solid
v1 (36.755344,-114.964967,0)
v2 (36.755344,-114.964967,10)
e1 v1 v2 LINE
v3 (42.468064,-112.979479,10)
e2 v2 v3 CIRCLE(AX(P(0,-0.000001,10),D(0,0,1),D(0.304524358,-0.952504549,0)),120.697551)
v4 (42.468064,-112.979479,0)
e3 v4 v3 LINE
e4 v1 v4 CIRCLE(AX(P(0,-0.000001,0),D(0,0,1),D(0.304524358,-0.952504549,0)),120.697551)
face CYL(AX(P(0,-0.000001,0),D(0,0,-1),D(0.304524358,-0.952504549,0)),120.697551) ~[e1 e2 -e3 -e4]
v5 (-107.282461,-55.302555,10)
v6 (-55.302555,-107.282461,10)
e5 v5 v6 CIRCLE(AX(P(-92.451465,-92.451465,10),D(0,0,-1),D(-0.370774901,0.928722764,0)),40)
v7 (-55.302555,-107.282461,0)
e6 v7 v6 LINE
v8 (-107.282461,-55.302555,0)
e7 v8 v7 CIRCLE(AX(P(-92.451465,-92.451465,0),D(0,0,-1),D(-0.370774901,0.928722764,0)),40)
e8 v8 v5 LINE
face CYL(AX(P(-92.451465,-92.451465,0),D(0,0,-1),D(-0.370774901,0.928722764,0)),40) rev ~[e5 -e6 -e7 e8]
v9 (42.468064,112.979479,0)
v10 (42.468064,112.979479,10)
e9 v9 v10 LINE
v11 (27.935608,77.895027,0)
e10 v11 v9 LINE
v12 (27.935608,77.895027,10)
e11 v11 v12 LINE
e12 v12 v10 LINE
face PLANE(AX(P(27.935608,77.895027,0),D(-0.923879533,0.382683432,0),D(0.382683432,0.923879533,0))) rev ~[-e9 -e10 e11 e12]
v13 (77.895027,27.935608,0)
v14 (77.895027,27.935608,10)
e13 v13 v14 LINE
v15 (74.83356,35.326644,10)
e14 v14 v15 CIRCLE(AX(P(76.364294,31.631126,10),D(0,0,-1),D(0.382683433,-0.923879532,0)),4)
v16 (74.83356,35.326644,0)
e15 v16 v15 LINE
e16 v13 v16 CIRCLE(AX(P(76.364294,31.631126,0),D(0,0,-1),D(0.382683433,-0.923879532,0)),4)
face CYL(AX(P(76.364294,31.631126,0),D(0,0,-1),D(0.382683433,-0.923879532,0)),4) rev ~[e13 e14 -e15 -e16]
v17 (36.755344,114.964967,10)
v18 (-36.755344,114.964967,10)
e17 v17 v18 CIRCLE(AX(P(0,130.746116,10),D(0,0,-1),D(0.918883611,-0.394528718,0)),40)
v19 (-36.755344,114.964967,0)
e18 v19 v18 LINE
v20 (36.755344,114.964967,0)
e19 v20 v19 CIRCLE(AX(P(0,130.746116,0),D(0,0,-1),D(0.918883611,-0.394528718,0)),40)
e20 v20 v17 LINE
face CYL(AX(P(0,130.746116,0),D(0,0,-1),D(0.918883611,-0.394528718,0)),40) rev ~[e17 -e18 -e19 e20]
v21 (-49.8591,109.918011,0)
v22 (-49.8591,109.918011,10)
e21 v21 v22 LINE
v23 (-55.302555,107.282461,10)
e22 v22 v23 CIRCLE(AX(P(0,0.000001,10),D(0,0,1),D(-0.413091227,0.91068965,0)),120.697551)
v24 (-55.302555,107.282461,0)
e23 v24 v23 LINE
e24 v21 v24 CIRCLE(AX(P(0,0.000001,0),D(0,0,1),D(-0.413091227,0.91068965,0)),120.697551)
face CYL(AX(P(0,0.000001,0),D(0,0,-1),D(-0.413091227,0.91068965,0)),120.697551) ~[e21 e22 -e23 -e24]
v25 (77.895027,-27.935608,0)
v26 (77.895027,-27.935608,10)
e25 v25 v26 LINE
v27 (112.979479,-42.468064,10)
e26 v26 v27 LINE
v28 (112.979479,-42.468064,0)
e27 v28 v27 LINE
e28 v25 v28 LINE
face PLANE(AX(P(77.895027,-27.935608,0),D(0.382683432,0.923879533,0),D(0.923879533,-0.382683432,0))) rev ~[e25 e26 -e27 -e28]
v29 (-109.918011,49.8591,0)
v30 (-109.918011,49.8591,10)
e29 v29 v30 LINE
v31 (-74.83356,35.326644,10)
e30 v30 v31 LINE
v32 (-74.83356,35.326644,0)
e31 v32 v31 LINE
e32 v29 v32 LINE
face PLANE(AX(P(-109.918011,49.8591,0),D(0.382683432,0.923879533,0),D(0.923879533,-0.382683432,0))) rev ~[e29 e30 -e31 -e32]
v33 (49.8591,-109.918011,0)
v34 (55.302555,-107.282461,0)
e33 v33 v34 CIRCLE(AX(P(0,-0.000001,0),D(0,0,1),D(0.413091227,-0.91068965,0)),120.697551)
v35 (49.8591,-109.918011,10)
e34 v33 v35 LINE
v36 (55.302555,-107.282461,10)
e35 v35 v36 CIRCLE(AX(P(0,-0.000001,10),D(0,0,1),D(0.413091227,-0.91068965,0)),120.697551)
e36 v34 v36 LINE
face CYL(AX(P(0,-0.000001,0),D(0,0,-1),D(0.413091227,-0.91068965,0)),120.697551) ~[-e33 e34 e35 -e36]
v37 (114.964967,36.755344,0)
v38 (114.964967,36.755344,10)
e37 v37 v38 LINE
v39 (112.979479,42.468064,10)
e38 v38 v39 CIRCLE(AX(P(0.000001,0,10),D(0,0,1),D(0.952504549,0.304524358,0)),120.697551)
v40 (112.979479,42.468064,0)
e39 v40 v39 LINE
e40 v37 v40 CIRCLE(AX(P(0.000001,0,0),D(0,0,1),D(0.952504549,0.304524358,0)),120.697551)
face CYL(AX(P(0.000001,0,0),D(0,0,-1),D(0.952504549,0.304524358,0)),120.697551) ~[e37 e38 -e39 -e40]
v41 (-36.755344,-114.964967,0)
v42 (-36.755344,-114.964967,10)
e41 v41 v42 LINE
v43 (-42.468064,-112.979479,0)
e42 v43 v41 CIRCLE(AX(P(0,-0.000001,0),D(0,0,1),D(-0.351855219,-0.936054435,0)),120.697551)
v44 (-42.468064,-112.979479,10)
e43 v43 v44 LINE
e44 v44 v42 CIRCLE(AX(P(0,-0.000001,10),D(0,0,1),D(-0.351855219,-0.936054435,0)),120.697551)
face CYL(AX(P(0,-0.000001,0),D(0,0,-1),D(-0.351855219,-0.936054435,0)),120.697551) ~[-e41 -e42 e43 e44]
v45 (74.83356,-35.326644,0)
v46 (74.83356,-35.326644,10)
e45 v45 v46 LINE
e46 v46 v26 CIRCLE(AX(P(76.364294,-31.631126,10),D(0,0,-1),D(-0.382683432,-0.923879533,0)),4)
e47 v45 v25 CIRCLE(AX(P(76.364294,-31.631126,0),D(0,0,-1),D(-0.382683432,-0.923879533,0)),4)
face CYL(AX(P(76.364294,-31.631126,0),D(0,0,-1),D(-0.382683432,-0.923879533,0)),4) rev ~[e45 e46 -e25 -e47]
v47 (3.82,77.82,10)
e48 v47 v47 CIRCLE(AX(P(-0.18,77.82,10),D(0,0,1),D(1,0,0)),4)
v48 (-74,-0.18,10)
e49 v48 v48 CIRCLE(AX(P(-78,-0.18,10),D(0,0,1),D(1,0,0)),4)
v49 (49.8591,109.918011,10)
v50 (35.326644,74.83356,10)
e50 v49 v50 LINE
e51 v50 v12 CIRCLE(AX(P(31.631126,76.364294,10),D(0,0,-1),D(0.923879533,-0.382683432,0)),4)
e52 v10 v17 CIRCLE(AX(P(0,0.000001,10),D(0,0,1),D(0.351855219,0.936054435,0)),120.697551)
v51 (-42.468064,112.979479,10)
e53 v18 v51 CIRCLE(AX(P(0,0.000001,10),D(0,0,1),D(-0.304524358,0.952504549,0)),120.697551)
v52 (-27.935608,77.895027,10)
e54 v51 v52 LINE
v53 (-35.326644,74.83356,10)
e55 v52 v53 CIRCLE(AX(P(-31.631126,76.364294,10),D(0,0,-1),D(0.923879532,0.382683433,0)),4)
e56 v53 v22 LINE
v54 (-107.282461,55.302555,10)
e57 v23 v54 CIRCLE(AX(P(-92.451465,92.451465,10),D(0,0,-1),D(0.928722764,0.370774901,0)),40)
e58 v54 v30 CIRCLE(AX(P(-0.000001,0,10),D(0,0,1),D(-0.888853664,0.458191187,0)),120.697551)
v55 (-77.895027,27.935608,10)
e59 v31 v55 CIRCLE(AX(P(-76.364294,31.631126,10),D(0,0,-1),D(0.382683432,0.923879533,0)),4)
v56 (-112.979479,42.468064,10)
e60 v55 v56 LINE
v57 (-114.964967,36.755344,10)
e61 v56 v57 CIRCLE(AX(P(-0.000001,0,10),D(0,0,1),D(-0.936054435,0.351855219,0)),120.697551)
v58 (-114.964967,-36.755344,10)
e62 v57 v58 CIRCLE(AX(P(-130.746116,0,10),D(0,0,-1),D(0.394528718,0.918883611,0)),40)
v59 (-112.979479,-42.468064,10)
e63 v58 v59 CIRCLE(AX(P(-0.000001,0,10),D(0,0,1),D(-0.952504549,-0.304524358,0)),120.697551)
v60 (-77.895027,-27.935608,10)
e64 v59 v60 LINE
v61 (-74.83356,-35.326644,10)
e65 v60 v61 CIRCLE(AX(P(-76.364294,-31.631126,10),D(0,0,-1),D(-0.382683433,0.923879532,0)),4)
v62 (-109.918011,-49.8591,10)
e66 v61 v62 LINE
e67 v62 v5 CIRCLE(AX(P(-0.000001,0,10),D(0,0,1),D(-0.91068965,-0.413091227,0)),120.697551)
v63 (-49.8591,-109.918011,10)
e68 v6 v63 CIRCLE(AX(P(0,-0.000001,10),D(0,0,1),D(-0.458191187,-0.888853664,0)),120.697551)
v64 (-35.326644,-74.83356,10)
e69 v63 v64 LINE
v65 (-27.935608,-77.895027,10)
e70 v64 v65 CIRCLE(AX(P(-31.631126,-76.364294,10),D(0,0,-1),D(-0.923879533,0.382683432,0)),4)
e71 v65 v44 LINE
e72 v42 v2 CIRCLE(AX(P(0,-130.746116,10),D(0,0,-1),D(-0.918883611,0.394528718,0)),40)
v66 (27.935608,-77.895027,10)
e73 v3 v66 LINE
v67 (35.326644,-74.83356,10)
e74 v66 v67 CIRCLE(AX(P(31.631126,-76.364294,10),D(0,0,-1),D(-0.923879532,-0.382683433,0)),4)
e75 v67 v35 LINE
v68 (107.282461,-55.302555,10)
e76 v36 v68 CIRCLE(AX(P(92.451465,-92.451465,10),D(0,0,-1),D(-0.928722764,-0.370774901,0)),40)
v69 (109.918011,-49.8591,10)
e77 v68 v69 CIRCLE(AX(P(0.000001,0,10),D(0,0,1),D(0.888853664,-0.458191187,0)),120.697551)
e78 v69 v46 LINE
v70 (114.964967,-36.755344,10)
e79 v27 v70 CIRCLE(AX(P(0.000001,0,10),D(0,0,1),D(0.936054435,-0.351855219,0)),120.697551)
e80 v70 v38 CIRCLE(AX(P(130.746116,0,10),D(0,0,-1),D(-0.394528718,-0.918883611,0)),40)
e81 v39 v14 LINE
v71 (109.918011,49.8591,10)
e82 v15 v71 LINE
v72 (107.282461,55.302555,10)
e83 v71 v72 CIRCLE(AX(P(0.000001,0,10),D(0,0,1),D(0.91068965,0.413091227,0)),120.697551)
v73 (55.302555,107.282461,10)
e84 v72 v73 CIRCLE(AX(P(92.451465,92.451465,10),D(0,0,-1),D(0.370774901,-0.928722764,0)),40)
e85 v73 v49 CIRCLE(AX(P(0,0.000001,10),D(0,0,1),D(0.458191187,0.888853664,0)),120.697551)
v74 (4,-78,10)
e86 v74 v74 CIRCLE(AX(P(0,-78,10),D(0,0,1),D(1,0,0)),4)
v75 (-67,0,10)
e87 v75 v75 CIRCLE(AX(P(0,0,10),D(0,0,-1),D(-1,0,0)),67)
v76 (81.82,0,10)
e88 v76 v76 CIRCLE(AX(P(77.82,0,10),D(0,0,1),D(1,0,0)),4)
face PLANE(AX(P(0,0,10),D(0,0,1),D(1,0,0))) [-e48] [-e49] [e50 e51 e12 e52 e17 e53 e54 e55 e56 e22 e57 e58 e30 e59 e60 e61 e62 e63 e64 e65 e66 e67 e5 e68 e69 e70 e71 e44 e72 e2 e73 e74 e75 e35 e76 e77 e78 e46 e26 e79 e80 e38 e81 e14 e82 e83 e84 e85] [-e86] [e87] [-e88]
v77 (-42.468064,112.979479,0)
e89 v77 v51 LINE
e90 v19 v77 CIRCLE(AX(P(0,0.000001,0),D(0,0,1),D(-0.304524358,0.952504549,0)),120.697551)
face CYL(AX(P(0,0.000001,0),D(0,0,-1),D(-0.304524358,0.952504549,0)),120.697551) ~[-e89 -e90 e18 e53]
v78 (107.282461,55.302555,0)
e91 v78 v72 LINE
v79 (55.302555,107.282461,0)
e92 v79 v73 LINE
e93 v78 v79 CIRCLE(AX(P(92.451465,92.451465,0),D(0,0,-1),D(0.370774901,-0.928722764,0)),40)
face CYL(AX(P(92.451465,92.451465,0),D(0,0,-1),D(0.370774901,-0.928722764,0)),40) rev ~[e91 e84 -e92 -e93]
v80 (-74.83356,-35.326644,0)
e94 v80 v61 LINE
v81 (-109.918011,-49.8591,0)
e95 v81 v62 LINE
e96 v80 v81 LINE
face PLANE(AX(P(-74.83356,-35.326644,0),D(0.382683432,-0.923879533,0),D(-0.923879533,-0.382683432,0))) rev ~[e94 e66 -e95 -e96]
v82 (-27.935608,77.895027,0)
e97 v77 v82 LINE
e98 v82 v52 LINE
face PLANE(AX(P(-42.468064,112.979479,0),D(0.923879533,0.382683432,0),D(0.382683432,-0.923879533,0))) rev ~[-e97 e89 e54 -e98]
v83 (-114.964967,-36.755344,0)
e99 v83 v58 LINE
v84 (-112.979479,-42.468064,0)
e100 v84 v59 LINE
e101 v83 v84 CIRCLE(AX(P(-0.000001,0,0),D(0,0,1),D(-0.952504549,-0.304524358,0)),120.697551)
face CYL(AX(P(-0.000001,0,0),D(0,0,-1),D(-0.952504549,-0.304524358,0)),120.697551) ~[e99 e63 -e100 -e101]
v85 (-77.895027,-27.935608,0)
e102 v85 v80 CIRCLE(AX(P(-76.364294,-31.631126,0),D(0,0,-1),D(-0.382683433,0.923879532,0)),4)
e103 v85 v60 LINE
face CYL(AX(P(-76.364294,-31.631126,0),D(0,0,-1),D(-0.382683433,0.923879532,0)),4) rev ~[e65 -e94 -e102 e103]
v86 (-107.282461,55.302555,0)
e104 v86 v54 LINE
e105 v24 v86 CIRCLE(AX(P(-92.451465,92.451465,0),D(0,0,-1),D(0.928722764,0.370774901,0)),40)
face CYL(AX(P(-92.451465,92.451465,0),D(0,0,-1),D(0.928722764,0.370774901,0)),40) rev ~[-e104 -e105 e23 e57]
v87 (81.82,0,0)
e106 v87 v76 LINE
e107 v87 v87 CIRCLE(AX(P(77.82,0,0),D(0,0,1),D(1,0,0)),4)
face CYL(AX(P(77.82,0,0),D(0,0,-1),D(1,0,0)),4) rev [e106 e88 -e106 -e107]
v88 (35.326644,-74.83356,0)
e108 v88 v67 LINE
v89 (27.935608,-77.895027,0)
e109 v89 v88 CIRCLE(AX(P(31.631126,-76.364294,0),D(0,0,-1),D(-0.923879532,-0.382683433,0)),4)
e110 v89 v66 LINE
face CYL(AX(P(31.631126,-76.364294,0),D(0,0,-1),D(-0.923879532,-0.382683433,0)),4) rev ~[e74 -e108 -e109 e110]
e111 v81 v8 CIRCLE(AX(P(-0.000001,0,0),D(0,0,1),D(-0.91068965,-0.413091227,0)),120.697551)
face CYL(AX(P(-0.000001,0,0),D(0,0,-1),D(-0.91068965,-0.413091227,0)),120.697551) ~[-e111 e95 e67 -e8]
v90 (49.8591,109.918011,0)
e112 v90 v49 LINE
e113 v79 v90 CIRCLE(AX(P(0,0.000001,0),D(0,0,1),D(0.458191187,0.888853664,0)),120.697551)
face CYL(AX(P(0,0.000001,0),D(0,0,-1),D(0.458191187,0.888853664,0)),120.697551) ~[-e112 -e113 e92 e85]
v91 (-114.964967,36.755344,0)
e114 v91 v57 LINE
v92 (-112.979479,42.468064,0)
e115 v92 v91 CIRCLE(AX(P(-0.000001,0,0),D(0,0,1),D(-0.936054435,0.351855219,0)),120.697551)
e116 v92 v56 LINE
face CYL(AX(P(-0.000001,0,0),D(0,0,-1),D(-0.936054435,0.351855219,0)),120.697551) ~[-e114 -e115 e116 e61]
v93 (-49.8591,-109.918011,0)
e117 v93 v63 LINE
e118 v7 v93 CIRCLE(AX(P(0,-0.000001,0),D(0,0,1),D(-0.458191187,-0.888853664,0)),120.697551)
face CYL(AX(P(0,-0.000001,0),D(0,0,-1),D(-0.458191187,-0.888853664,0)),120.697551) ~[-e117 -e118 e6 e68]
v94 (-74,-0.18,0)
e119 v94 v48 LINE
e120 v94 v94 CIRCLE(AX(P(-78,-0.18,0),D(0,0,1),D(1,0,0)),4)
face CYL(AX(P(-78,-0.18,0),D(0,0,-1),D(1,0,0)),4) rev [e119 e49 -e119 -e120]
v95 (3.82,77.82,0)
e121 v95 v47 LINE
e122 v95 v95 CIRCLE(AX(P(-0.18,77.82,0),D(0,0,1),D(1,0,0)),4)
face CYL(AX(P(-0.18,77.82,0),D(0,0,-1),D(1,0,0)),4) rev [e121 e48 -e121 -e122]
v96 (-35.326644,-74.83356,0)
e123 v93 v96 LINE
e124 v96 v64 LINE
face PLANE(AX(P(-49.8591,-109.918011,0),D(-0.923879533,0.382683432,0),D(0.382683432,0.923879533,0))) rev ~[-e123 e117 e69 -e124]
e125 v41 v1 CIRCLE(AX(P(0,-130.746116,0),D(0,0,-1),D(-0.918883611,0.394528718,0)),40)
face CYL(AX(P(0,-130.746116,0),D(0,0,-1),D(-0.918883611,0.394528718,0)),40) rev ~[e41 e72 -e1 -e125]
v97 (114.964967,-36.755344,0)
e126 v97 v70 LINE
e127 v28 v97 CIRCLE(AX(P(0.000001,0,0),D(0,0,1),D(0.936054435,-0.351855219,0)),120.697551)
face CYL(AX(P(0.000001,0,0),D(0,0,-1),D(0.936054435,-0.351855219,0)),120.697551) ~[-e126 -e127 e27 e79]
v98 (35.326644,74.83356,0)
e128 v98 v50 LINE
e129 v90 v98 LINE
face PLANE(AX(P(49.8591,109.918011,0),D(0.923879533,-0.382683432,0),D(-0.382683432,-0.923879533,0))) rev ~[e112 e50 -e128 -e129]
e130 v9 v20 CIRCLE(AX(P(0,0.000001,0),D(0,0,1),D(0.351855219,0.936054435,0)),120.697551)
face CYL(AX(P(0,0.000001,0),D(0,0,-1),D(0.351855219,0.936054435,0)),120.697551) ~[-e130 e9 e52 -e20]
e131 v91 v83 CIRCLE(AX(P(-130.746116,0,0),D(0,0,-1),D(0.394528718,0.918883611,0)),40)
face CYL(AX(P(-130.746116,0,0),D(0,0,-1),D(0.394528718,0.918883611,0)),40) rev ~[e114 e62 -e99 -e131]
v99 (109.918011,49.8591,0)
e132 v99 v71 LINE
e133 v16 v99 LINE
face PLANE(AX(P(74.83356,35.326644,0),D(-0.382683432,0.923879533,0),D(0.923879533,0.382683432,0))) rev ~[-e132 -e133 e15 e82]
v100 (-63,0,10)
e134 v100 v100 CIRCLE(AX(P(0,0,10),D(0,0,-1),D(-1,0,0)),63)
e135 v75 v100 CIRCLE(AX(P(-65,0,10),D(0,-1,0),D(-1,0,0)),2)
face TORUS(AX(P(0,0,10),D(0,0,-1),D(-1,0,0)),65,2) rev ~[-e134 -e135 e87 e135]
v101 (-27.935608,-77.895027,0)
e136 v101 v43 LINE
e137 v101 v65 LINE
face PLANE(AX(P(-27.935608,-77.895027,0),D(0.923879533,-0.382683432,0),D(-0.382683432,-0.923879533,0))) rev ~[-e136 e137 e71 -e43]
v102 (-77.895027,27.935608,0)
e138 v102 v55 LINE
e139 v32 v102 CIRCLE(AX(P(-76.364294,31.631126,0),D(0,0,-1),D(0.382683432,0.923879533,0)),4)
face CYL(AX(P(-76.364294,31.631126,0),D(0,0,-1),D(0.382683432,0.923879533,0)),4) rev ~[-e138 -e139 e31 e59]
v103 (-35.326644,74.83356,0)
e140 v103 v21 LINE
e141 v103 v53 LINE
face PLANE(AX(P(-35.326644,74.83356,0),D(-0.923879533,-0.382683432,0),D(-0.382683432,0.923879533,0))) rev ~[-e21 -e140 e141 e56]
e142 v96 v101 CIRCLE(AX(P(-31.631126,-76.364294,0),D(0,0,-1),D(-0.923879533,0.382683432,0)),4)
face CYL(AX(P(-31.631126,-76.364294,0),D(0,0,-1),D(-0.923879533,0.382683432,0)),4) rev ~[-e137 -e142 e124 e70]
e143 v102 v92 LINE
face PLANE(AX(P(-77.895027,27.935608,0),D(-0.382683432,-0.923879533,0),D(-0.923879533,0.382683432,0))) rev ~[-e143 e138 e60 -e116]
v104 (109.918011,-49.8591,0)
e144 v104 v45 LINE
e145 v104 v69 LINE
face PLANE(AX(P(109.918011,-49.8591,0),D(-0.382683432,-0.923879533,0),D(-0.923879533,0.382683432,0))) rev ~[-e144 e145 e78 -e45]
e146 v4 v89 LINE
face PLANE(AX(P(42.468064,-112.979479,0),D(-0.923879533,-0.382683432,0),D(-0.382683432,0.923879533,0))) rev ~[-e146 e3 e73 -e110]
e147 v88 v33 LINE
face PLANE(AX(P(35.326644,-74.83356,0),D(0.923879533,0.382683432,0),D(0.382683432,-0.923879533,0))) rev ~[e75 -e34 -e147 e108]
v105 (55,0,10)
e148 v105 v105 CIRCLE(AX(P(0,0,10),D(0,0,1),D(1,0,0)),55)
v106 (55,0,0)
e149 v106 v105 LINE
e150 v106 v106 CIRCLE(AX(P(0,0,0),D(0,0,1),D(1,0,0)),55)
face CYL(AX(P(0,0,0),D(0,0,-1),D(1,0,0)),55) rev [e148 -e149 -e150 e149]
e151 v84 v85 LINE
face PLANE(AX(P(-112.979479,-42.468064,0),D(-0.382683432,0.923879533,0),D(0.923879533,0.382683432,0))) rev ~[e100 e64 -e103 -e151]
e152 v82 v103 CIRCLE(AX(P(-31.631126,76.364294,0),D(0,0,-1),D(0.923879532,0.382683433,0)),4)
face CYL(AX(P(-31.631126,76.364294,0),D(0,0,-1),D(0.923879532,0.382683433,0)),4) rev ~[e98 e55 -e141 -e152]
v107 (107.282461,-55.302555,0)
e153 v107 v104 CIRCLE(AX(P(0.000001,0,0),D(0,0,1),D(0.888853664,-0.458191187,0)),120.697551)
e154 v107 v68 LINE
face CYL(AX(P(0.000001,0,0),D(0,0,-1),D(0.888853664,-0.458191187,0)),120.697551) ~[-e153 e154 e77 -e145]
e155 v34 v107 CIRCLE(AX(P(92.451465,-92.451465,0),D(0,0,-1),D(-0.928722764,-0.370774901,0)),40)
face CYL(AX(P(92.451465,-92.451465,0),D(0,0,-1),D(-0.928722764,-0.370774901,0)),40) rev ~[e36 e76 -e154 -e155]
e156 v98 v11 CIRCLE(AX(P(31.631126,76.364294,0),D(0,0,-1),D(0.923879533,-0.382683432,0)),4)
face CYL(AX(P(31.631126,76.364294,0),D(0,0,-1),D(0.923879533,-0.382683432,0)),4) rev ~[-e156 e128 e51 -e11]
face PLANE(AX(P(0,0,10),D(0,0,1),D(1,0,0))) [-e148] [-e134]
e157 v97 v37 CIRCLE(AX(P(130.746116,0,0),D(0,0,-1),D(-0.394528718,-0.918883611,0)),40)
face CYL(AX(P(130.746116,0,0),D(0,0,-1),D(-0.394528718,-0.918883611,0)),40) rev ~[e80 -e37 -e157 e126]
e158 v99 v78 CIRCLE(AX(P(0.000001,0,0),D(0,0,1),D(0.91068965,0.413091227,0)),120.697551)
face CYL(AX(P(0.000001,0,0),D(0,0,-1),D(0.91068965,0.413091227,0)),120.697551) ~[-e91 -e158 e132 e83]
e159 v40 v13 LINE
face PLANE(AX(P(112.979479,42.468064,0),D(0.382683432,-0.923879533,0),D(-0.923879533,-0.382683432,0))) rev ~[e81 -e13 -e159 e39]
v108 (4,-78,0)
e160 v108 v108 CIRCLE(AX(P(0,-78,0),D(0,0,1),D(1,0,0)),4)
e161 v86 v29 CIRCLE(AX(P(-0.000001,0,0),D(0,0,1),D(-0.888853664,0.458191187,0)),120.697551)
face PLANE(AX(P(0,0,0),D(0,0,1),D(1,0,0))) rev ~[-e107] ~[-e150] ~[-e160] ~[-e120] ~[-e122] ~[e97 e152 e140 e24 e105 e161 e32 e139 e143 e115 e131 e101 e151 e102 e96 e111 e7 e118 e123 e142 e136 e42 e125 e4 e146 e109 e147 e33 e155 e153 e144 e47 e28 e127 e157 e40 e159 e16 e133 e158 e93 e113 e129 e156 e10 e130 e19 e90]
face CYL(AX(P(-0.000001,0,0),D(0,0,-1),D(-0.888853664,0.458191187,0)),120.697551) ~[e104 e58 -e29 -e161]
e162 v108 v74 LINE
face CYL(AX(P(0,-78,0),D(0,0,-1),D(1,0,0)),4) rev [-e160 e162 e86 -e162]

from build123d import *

# Parameters (mm, degrees)
SKETCH1_R            = 55
SKETCH1_R_2          = 4
BOSS_EXTRUDE1_DEPTH  = 10
CUT_SWEEP1_PROFILE_R = 2


with BuildPart() as part:
    # Sketch1 → Boss-Extrude1 (new body)
    with BuildSketch(Plane.XY):
        with BuildLine():
            ThreePointArc((-42.468063511, -112.979478614), (-39.624142049, -114.008010127), (-36.755344443, -114.964967103))
            ThreePointArc((-36.755344443, -114.964967103), (0, -90.746115822), (36.755344443, -114.964967103))
            ThreePointArc((36.755344443, -114.964967103), (39.624142049, -114.008010127), (42.468063511, -112.979478614))
            Line((42.468063511, -112.979478614), (27.935607979, -77.895027374))
            ThreePointArc((27.935607979, -77.895027374), (30.100392379, -72.668775514), (35.326644239, -74.833559915))
            Line((35.326644239, -74.833559915), (49.859099771, -109.918011155))
            ThreePointArc((49.859099771, -109.918011155), (52.597337529, -108.634336612), (55.302554537, -107.282461138))
            ThreePointArc((55.302554537, -107.282461138), (64.167193864, -64.167193864), (107.282461138, -55.302554537))
            ThreePointArc((107.282461138, -55.302554537), (108.634336612, -52.597337529), (109.918011155, -49.859099771))
            Line((109.918011155, -49.859099771), (74.833559915, -35.326644239))
            ThreePointArc((74.833559915, -35.326644239), (72.668775514, -30.100392379), (77.895027374, -27.935607979))
            Line((77.895027374, -27.935607979), (112.979478614, -42.468063511))
            ThreePointArc((112.979478614, -42.468063511), (114.008010127, -39.624142049), (114.964967103, -36.755344443))
            ThreePointArc((114.964967103, -36.755344443), (90.746115822, 0), (114.964967103, 36.755344443))
            ThreePointArc((114.964967103, 36.755344443), (114.008010127, 39.624142049), (112.979478614, 42.468063511))
            Line((112.979478614, 42.468063511), (77.895027374, 27.935607979))
            ThreePointArc((77.895027374, 27.935607979), (72.668775514, 30.100392379), (74.833559915, 35.326644239))
            Line((74.833559915, 35.326644239), (109.918011155, 49.859099771))
            ThreePointArc((109.918011155, 49.859099771), (108.634336612, 52.597337529), (107.282461138, 55.302554537))
            ThreePointArc((107.282461138, 55.302554537), (64.167193864, 64.167193864), (55.302554537, 107.282461138))
            ThreePointArc((55.302554537, 107.282461138), (52.597337529, 108.634336612), (49.859099771, 109.918011155))
            Line((49.859099771, 109.918011155), (35.326644239, 74.833559915))
            ThreePointArc((35.326644239, 74.833559915), (30.100392379, 72.668775514), (27.935607979, 77.895027374))
            Line((27.935607979, 77.895027374), (42.468063511, 112.979478614))
            ThreePointArc((42.468063511, 112.979478614), (39.624142049, 114.008010127), (36.755344443, 114.964967103))
            ThreePointArc((36.755344443, 114.964967103), (0, 90.746115822), (-36.755344443, 114.964967103))
            ThreePointArc((-36.755344443, 114.964967103), (-39.624142049, 114.008010127), (-42.468063511, 112.979478614))
            Line((-42.468063511, 112.979478614), (-27.935607979, 77.895027374))
            ThreePointArc((-27.935607979, 77.895027374), (-30.100392379, 72.668775514), (-35.326644239, 74.833559915))
            Line((-35.326644239, 74.833559915), (-49.859099771, 109.918011155))
            ThreePointArc((-49.859099771, 109.918011155), (-52.597337529, 108.634336612), (-55.302554537, 107.282461138))
            ThreePointArc((-55.302554537, 107.282461138), (-64.167193864, 64.167193864), (-107.282461138, 55.302554537))
            ThreePointArc((-107.282461138, 55.302554537), (-108.634336612, 52.597337529), (-109.918011155, 49.859099771))
            Line((-109.918011155, 49.859099771), (-74.833559915, 35.326644239))
            ThreePointArc((-74.833559915, 35.326644239), (-72.668775514, 30.100392379), (-77.895027374, 27.935607979))
            Line((-77.895027374, 27.935607979), (-112.979478614, 42.468063511))
            ThreePointArc((-112.979478614, 42.468063511), (-114.008010127, 39.624142049), (-114.964967103, 36.755344443))
            ThreePointArc((-114.964967103, 36.755344443), (-90.746115822, 0), (-114.964967103, -36.755344443))
            ThreePointArc((-114.964967103, -36.755344443), (-114.008010127, -39.624142049), (-112.979478614, -42.468063511))
            Line((-112.979478614, -42.468063511), (-77.895027374, -27.935607979))
            ThreePointArc((-77.895027374, -27.935607979), (-72.668775514, -30.100392379), (-74.833559915, -35.326644239))
            Line((-74.833559915, -35.326644239), (-109.918011155, -49.859099771))
            ThreePointArc((-109.918011155, -49.859099771), (-108.634336612, -52.597337529), (-107.282461138, -55.302554537))
            ThreePointArc((-107.282461138, -55.302554537), (-64.167193864, -64.167193864), (-55.302554537, -107.282461138))
            ThreePointArc((-55.302554537, -107.282461138), (-52.597337529, -108.634336612), (-49.859099771, -109.918011155))
            Line((-49.859099771, -109.918011155), (-35.326644239, -74.833559915))
            ThreePointArc((-35.326644239, -74.833559915), (-30.100392379, -72.668775514), (-27.935607979, -77.895027374))
            Line((-27.935607979, -77.895027374), (-42.468063511, -112.979478614))
        make_face()
        Circle(SKETCH1_R, mode=Mode.SUBTRACT)
        with Locations((-78, -0.18)):
            Circle(SKETCH1_R_2, mode=Mode.SUBTRACT)
        with Locations((0, -78)):
            Circle(SKETCH1_R_2, mode=Mode.SUBTRACT)
        with Locations((77.82, 0)):
            Circle(SKETCH1_R_2, mode=Mode.SUBTRACT)
        with Locations((-0.18, 77.82)):
            Circle(SKETCH1_R_2, mode=Mode.SUBTRACT)
    extrude(amount=BOSS_EXTRUDE1_DEPTH)

    # Cut-Sweep1: sweep along a path in Sketch6
    with BuildLine(Plane(origin=(0, 0, 10), x_dir=(-1, 0, 0), z_dir=(0, 0, -1))) as cut_sweep1_path:
        CenterArc((0, 0), 65, 0, 360)
    # Cut-Sweep1 profile (on start of the path) → Cut-Sweep1 (sweep, cut)
    with BuildSketch(Plane(origin=(-65, 0, 10), x_dir=(0, 0, 1), z_dir=(0, 1, 0))):
        Circle(CUT_SWEEP1_PROFILE_R)
    sweep(path=cut_sweep1_path.line, mode=Mode.SUBTRACT)


solid = part.part
